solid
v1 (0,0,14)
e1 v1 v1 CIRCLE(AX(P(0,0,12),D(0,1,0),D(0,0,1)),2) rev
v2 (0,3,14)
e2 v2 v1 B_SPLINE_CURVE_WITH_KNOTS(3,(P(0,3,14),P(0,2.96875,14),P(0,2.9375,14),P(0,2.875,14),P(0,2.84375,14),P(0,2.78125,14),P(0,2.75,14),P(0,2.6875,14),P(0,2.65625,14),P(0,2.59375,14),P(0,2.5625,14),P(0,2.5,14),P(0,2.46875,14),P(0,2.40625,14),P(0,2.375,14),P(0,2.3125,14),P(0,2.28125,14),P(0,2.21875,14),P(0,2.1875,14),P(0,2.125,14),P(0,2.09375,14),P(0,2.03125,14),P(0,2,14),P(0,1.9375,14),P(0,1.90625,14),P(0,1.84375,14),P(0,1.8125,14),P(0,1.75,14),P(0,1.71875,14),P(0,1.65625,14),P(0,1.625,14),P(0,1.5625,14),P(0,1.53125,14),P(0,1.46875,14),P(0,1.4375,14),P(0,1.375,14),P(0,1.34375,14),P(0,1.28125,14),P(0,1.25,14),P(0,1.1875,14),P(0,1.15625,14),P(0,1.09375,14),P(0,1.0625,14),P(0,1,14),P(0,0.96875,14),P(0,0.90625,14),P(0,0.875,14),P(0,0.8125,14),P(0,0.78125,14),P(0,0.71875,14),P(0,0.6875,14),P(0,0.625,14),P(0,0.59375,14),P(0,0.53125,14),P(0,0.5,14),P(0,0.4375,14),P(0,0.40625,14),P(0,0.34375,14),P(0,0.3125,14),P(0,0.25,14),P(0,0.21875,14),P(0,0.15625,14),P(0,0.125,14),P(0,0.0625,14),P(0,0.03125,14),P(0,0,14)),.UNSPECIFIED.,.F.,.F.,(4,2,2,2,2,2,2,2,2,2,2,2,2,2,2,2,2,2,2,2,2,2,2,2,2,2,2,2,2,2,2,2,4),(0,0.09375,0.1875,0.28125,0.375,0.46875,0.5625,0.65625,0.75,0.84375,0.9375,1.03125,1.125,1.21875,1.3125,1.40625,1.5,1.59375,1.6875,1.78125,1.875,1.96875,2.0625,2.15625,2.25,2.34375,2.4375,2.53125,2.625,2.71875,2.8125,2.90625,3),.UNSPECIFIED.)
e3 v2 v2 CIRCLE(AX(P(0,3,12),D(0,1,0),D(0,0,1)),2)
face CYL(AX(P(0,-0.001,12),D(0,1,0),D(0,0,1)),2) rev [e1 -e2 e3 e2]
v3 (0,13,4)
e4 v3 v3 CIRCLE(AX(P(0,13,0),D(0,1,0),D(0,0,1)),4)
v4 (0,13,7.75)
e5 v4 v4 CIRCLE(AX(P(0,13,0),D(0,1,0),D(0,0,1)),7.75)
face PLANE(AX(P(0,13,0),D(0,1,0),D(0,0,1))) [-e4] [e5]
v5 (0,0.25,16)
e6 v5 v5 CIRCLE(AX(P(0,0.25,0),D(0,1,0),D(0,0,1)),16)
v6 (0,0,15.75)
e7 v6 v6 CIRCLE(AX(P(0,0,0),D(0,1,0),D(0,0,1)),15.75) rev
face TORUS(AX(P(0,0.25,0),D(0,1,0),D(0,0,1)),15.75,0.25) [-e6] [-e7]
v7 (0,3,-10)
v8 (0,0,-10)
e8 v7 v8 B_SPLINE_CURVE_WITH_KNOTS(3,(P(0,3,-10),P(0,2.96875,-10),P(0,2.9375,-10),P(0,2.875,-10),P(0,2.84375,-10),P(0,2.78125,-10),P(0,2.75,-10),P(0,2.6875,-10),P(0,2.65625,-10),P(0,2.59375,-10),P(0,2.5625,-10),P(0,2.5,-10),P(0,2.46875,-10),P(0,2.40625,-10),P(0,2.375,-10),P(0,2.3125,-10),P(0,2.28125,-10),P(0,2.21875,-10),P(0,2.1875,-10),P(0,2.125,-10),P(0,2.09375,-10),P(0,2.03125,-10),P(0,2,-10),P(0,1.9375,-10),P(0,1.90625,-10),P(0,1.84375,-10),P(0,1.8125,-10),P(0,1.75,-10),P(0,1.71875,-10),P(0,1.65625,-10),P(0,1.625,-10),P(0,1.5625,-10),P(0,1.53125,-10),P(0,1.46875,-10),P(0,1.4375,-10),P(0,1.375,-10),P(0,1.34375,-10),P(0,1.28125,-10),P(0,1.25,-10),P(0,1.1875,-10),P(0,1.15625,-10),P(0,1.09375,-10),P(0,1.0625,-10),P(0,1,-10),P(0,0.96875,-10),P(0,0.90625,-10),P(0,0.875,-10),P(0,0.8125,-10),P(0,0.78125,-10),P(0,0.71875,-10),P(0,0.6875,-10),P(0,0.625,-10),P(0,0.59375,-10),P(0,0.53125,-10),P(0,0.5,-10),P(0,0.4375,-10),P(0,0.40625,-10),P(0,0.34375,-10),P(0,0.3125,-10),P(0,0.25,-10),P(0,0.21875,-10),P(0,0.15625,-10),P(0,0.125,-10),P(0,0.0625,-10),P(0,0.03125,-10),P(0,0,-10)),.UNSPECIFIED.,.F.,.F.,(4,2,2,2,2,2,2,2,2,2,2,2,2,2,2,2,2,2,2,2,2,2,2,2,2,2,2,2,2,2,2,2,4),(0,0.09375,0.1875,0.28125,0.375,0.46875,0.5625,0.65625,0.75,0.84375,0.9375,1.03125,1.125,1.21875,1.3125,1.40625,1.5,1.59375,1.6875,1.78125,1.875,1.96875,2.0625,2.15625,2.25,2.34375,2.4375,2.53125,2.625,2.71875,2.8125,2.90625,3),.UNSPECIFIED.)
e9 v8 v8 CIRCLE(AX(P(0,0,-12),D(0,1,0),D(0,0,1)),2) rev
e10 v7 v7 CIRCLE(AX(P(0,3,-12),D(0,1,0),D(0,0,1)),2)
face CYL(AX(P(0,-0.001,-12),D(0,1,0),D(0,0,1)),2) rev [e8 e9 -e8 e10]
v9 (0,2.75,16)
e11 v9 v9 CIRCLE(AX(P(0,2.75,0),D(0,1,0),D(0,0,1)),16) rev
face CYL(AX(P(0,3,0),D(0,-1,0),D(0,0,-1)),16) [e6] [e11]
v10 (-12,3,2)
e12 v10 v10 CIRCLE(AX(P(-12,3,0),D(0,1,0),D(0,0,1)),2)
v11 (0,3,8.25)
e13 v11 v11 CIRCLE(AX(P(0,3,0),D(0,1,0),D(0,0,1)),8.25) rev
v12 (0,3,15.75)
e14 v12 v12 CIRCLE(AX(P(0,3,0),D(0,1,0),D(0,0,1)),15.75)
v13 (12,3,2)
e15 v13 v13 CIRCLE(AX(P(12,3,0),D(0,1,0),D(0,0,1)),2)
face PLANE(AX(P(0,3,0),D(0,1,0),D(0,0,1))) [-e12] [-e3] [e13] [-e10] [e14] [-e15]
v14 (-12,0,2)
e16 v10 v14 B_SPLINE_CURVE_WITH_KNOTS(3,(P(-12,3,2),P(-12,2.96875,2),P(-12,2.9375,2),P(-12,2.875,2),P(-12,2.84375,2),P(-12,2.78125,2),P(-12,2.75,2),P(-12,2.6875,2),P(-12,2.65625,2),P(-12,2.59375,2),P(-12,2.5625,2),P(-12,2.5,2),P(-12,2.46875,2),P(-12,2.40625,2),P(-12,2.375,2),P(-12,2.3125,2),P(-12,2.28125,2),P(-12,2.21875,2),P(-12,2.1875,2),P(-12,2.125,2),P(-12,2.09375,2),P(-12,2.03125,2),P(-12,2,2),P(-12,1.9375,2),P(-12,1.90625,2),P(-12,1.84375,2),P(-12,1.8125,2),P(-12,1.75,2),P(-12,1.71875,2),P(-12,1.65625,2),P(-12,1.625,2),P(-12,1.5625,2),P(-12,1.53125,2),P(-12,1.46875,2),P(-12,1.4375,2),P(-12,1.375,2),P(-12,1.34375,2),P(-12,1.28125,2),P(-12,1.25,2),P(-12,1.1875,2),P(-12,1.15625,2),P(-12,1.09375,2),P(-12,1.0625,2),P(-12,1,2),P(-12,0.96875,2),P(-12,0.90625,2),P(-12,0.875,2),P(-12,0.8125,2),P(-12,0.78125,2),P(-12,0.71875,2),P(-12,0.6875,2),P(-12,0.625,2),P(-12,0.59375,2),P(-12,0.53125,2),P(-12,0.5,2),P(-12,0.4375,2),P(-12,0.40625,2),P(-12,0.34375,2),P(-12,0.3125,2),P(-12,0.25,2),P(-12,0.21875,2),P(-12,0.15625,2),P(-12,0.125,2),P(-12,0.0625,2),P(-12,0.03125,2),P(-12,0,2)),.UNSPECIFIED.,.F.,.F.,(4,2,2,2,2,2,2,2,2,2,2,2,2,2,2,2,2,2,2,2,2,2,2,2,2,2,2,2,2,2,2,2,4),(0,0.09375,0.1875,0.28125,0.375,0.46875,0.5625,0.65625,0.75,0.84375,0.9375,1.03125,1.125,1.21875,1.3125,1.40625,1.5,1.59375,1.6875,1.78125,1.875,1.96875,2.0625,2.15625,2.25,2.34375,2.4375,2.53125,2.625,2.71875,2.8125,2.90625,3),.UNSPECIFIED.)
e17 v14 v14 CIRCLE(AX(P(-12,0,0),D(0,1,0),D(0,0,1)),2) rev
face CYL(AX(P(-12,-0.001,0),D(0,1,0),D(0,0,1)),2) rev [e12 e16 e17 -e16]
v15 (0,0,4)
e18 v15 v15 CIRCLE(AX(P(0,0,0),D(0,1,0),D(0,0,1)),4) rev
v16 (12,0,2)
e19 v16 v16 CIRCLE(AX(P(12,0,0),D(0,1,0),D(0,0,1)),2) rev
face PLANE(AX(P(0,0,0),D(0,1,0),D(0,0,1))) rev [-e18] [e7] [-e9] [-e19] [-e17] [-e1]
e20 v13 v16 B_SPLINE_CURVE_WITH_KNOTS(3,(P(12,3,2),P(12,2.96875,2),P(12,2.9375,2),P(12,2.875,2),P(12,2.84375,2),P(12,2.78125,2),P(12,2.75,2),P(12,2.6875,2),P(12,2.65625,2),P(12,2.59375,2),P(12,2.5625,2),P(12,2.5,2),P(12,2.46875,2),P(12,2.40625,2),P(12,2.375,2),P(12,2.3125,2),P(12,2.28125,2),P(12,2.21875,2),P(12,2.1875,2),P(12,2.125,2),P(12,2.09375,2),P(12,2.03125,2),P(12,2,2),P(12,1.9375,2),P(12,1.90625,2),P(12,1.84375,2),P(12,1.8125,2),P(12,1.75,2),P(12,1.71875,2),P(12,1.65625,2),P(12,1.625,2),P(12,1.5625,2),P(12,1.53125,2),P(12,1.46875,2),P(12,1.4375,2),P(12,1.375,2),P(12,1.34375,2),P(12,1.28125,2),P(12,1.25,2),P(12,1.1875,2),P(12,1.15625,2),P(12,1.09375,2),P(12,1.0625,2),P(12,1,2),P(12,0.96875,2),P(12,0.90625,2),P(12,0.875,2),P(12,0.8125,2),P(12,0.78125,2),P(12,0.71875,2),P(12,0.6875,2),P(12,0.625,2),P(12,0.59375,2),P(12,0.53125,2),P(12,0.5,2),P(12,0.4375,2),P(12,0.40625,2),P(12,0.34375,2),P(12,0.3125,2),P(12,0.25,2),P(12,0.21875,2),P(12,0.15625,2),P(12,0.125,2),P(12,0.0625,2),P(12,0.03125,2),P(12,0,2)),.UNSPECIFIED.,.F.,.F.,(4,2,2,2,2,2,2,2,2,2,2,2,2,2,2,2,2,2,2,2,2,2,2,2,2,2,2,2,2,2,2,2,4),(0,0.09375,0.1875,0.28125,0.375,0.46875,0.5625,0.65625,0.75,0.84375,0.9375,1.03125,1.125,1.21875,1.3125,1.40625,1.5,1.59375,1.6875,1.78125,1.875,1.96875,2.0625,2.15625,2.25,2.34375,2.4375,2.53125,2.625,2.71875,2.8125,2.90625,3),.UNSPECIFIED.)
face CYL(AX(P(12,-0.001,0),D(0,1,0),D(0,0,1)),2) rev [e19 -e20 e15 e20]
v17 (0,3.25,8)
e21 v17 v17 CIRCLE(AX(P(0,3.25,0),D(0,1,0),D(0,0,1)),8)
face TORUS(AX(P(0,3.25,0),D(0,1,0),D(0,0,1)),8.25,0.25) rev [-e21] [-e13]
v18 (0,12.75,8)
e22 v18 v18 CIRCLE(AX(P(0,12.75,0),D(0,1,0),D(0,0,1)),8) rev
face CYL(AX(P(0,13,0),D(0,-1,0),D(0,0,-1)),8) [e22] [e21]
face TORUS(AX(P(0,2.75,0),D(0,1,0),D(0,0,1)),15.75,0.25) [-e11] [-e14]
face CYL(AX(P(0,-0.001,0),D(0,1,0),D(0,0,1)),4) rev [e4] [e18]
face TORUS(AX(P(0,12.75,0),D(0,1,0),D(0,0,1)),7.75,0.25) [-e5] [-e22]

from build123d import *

# Parameters (mm, degrees)
SKETCH1_R           = 16
BOSS_EXTRUDE1_DEPTH = 3
FILLET1_R           = 0.25
SKETCH2_R           = 8
BOSS_EXTRUDE2_DEPTH = 10
FILLET2_R           = 0.25
CUT_EXTRUDE1_REACH  = 28.096
SKETCH3_R           = 4
CUT_EXTRUDE2_REACH  = 26.739
SKETCH4_R           = 2


with BuildPart() as part:
    # Sketch1 → Boss-Extrude1 (new body)
    with BuildSketch(Plane(origin=(0, 0, 0), x_dir=(1, 0, 0), z_dir=(0, 1, 0))):
        with Locations(Location((0, 0, 0), (0, 0, 270))):
            Circle(SKETCH1_R)
    extrude(amount=BOSS_EXTRUDE1_DEPTH)

    # Fillet1
    fillet1_edges = [part.edges().sort_by_distance(p)[0] for p in [
        (0, 0, -16),
        (0, 3, -16),
    ]]
    fillet(fillet1_edges, radius=FILLET1_R)

    # Sketch2 → Boss-Extrude2 (add)
    with BuildSketch(Plane(origin=(0, 3, 0), x_dir=(1, 0, 0), z_dir=(0, 1, 0))):
        with Locations(Location((0, 0, 0), (0, 0, 270))):
            Circle(SKETCH2_R)
    extrude(amount=BOSS_EXTRUDE2_DEPTH)

    # Fillet2
    fillet2_edges = [part.edges().sort_by_distance(p)[0] for p in [
        (0, 3, -8),
        (0, 13, -8),
    ]]
    fillet(fillet2_edges, radius=FILLET2_R)

    # Sketch3 → Cut-Extrude1 (cut, up to next)
    with BuildSketch(Plane(origin=(0, 13, 0), x_dir=(1, 0, 0), z_dir=(0, 1, 0)), mode=Mode.PRIVATE) as cut_extrude1_sk1:
        with Locations(Location((0, 0, 0), (0, 0, 270))):
            Circle(SKETCH3_R)
    cut_extrude1_tool1 = extrude(cut_extrude1_sk1.sketch, amount=-CUT_EXTRUDE1_REACH, mode=Mode.PRIVATE) & part.part
    add(cut_extrude1_tool1.solids().sort_by_distance((0, 13, 0))[0], mode=Mode.SUBTRACT)

    # Sketch4 → Cut-Extrude2 (cut, up to next)
    with BuildSketch(Plane(origin=(0, 3, 0), x_dir=(1, 0, 0), z_dir=(0, 1, 0)), mode=Mode.PRIVATE) as cut_extrude2_sk1:
        with Locations(Location((0, 12, 0), (0, 0, 270))):
            Circle(SKETCH4_R)
    cut_extrude2_tool1 = extrude(cut_extrude2_sk1.sketch, amount=-CUT_EXTRUDE2_REACH, mode=Mode.PRIVATE) & part.part
    # Sketch4 → Cut-Extrude2 (cut, up to next)
    with BuildSketch(Plane(origin=(0, 3, 0), x_dir=(1, 0, 0), z_dir=(0, 1, 0)), mode=Mode.PRIVATE) as cut_extrude2_sk2:
        with Locations(Location((-12, 0, 0), (0, 0, 270))):
            Circle(SKETCH4_R)
    cut_extrude2_tool2 = extrude(cut_extrude2_sk2.sketch, amount=-CUT_EXTRUDE2_REACH, mode=Mode.PRIVATE) & part.part
    # Sketch4 → Cut-Extrude2 (cut, up to next)
    with BuildSketch(Plane(origin=(0, 3, 0), x_dir=(1, 0, 0), z_dir=(0, 1, 0)), mode=Mode.PRIVATE) as cut_extrude2_sk3:
        with Locations(Location((0, -12, 0), (0, 0, 270))):
            Circle(SKETCH4_R)
    cut_extrude2_tool3 = extrude(cut_extrude2_sk3.sketch, amount=-CUT_EXTRUDE2_REACH, mode=Mode.PRIVATE) & part.part
    # Sketch4 → Cut-Extrude2 (cut, up to next)
    with BuildSketch(Plane(origin=(0, 3, 0), x_dir=(1, 0, 0), z_dir=(0, 1, 0)), mode=Mode.PRIVATE) as cut_extrude2_sk4:
        with Locations(Location((12, 0, 0), (0, 0, 270))):
            Circle(SKETCH4_R)
    cut_extrude2_tool4 = extrude(cut_extrude2_sk4.sketch, amount=-CUT_EXTRUDE2_REACH, mode=Mode.PRIVATE) & part.part
    add(cut_extrude2_tool1.solids().sort_by_distance((0, 3, -12))[0], mode=Mode.SUBTRACT)
    add(cut_extrude2_tool2.solids().sort_by_distance((-12, 3, 0))[0], mode=Mode.SUBTRACT)
    add(cut_extrude2_tool3.solids().sort_by_distance((0, 3, 12))[0], mode=Mode.SUBTRACT)
    add(cut_extrude2_tool4.solids().sort_by_distance((12, 3, 0))[0], mode=Mode.SUBTRACT)


solid = part.part
